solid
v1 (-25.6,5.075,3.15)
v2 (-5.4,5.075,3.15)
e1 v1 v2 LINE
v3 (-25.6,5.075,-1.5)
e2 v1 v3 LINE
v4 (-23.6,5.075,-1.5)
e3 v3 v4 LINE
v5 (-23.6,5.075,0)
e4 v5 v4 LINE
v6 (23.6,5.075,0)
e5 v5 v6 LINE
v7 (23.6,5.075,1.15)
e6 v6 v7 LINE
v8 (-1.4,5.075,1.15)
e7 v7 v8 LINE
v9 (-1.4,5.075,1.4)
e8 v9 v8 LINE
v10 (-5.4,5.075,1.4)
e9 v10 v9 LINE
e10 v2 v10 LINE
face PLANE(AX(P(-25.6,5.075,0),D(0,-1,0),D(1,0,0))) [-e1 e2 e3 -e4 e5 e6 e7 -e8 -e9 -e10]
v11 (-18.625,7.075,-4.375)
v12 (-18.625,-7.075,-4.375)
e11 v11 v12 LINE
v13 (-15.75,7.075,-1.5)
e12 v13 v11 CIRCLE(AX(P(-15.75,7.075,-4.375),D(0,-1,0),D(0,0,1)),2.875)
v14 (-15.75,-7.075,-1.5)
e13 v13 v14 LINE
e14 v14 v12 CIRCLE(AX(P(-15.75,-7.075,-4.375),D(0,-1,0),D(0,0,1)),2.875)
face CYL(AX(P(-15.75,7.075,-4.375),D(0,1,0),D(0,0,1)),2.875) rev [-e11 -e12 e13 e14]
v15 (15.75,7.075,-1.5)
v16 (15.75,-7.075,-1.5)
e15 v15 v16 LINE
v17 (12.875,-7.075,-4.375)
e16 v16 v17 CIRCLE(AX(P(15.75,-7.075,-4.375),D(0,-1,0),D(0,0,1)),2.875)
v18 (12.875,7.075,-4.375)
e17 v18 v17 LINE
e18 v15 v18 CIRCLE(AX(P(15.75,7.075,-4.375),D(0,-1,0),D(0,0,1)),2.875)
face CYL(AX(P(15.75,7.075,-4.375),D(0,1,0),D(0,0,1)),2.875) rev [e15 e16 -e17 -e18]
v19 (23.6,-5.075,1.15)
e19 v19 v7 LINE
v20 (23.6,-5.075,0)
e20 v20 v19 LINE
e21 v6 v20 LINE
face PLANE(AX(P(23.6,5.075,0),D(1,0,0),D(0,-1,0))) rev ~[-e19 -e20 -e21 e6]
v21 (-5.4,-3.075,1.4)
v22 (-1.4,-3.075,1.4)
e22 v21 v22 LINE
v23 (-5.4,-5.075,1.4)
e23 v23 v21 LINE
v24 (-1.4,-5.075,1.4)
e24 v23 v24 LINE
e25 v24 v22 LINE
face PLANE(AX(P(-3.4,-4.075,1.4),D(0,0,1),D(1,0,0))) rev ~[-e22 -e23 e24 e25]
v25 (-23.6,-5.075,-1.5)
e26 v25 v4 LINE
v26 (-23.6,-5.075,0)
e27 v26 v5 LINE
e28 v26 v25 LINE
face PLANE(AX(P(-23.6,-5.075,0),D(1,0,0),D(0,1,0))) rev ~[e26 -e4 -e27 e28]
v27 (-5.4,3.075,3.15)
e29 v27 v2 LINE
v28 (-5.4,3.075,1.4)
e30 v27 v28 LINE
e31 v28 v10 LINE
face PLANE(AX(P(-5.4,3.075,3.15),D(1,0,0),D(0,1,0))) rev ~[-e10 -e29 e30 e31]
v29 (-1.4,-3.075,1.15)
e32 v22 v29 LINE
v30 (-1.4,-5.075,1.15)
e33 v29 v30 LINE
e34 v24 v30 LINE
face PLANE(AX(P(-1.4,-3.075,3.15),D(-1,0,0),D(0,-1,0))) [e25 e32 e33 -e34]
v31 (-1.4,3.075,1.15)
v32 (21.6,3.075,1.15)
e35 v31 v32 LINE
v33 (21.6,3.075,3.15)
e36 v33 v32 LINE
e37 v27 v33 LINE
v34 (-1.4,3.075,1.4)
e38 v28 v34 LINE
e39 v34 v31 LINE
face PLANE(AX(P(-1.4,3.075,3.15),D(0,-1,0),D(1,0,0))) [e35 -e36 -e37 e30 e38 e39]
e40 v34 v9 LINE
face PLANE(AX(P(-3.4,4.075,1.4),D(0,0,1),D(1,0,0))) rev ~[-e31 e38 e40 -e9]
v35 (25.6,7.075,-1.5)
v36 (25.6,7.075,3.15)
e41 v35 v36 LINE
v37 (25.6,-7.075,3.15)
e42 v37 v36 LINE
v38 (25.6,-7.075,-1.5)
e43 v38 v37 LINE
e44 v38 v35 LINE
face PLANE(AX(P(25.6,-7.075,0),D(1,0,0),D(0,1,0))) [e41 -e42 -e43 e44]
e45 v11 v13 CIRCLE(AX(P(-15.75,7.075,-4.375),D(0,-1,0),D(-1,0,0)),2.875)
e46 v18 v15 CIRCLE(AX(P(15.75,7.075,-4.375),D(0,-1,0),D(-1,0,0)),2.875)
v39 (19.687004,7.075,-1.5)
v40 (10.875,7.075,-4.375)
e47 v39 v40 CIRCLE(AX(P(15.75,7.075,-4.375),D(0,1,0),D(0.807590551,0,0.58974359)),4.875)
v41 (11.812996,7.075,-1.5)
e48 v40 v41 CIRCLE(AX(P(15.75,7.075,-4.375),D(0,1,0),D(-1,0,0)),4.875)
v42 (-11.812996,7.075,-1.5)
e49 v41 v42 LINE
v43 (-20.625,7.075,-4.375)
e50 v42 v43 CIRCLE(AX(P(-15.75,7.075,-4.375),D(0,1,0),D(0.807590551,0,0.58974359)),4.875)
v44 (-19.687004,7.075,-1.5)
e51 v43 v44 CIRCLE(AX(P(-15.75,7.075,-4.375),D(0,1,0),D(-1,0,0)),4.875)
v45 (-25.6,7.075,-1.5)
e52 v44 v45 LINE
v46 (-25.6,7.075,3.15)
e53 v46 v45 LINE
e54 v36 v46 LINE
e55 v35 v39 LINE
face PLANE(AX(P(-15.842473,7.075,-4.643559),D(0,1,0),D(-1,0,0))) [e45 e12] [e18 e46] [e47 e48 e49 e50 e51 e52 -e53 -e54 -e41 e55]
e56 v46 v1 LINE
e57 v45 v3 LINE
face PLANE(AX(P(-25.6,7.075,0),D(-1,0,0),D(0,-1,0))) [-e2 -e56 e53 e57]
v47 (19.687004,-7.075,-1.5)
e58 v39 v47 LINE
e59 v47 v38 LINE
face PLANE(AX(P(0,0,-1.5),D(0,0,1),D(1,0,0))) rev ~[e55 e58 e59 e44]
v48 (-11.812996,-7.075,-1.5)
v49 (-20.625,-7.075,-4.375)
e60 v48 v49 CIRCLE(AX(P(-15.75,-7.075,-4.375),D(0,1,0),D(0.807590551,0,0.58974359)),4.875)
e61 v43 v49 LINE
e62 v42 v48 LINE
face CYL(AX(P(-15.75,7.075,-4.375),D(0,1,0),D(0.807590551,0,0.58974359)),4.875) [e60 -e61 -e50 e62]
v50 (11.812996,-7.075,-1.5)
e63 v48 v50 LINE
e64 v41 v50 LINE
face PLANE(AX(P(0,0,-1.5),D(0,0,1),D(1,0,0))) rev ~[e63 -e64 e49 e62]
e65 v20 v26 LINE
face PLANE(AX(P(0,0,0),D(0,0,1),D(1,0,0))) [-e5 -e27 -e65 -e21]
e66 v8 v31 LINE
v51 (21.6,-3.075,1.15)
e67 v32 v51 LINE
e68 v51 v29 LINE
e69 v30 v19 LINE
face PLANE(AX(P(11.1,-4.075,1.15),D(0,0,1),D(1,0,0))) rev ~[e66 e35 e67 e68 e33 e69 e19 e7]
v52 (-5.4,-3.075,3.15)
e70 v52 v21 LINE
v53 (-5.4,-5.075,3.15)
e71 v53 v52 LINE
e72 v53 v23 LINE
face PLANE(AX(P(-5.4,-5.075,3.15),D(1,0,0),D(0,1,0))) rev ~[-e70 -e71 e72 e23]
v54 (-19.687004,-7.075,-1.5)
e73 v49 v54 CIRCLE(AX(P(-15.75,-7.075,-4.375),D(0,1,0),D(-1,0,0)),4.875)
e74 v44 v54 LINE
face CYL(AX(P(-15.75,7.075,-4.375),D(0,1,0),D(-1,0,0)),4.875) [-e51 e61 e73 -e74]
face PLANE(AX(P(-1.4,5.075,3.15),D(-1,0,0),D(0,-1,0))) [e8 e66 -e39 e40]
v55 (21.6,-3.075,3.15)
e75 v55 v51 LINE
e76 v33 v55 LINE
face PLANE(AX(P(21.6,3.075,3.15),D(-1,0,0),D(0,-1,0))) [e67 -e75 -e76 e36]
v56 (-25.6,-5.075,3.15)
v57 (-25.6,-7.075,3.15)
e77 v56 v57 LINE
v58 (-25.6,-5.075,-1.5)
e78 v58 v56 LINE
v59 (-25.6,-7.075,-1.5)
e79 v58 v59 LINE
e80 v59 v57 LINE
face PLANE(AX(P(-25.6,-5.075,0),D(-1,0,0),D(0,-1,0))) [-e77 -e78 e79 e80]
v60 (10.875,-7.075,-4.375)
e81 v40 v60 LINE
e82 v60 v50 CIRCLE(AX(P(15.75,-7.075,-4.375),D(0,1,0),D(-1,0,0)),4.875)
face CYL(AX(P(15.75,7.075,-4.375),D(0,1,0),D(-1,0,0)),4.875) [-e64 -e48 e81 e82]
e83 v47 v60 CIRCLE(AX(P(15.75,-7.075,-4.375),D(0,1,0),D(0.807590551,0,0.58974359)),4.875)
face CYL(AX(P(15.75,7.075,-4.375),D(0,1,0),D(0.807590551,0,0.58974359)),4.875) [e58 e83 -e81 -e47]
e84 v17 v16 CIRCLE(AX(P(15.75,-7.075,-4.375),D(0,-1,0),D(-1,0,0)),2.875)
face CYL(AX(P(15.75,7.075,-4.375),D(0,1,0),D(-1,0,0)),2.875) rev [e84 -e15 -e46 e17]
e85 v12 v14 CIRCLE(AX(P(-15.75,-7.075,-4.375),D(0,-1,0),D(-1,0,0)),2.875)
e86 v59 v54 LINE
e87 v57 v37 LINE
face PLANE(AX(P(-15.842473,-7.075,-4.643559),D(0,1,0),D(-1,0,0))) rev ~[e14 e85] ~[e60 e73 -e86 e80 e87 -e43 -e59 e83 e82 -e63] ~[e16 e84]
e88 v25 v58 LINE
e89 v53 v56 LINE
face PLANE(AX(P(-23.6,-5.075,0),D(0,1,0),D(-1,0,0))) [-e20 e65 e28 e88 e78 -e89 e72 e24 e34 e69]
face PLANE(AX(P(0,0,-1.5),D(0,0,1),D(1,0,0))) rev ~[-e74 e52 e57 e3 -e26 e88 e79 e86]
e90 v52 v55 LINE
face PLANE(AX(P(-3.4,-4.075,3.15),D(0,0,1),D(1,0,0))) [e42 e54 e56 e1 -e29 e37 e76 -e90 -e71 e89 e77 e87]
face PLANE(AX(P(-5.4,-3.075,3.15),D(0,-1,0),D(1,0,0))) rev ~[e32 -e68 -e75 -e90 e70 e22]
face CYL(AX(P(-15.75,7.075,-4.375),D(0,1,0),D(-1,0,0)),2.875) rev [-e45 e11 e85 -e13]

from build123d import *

# Parameters (mm, degrees)
F1_DEPTH = 3.15
F0_W     = 47.2
F0_H     = 10.15
F3_DEPTH = 1.5
F4_DEPTH = 2
F2_W     = 4
F2_H     = 2
F5_DEPTH = 1.75
F7_DEPTH = 14.15


with BuildPart() as f1:
    # F0 (on Top) → F1 (new body)
    with BuildSketch(Plane.XY):
        Polygon((23.6, 5.075), (23.6, -5.075), (-23.6, -5.075), (-25.6, -5.075), (-25.6, -7.075), (25.6, -7.075), (25.6, 7.075), (-25.6, 7.075), (-25.6, 5.075), (-23.6, 5.075), align=None)
    extrude(amount=F1_DEPTH)

    # F0 (on Top) → F3 (join)
    with BuildSketch(Plane.XY):
        Rectangle(F0_W, F0_H)
        Polygon((23.6, 5.075), (23.6, -5.075), (-23.6, -5.075), (-25.6, -5.075), (-25.6, -7.075), (25.6, -7.075), (25.6, 7.075), (-25.6, 7.075), (-25.6, 5.075), (-23.6, 5.075), align=None)
    extrude(amount=-F3_DEPTH)

    # F2 (on face) → F4 (join)
    with BuildSketch(Plane.XY.offset(3.15)):
        Polygon((23.6, -5.075), (23.6, -3.075), (21.6, -3.075), (-1.4, -3.075), (-1.4, -5.075), align=None)
        Polygon((23.6, 5.075), (-1.4, 5.075), (-1.4, 3.075), (21.6, 3.075), (21.6, -3.075), (23.6, -3.075), align=None)
    extrude(amount=-F4_DEPTH)

    # F2 (on face) → F5 (join)
    with BuildSketch(Plane.XY.offset(3.15)):
        with Locations((-3.4, -4.075)):
            Rectangle(F2_W, F2_H)
        with Locations((-3.4, 4.075)):
            Rectangle(F2_W, F2_H)
    extrude(amount=-F5_DEPTH)

    # F6 (on face) → F7 (join)
    with BuildSketch(Plane(origin=(0, 7.075, 0), x_dir=(-1, 0, 0), z_dir=(0, 1, 0))):
        with BuildLine():
            Line((12.0083426132, -1.5), (11.812996063, -1.5))
            ThreePointArc((11.812996063, -1.5), (14.2379267863, -9.0095722129), (20.625, -4.375))
            ThreePointArc((20.625, -4.375), (20.3845722129, -2.8629267863), (19.687003937, -1.5))
            Line((19.687003937, -1.5), (19.4916573868, -1.5))
            Line((19.4916573868, -1.5), (18.25, -1.5))
            Line((18.25, -1.5), (15.75, -1.5))
            Line((15.75, -1.5), (12.0083426132, -1.5))
        make_face()
        with BuildLine():
            ThreePointArc((18.625, -4.375), (13.7170680041, -6.4079319959), (15.75, -1.5))
            ThreePointArc((15.75, -1.5), (17.7829319959, -2.3420680041), (18.625, -4.375))
        make_face(mode=Mode.SUBTRACT)
        with BuildLine():
            ThreePointArc((13.5994186832, 0), (12.615167699, -0.6415764445), (11.812996063, -1.5))
            Line((11.812996063, -1.5), (12.0083426132, -1.5))
            Line((12.0083426132, -1.5), (15.75, -1.5))
            Line((15.75, -1.5), (18.25, -1.5))
            Line((18.25, -1.5), (19.4916573868, -1.5))
            Line((19.4916573868, -1.5), (19.687003937, -1.5))
            ThreePointArc((19.687003937, -1.5), (18.884832301, -0.6415764445), (17.9005813168, 0))
            Line((17.9005813168, 0), (17.8115528128, 0))
            Line((17.8115528128, 0), (13.6884471872, 0))
            Line((13.6884471872, 0), (13.5994186832, 0))
        make_face()
        with BuildLine():
            Line((-19.4916573868, -1.5), (-18.25, -1.5))
            Line((-18.25, -1.5), (-15.75, -1.5))
            Line((-15.75, -1.5), (-12.0083426132, -1.5))
            Line((-12.0083426132, -1.5), (-11.812996063, -1.5))
            ThreePointArc((-11.812996063, -1.5), (-12.615167699, -0.6415764445), (-13.5994186832, 0))
            Line((-13.5994186832, 0), (-13.6884471872, 0))
            Line((-13.6884471872, 0), (-17.8115528128, 0))
            Line((-17.8115528128, 0), (-17.9005813168, 0))
            ThreePointArc((-17.9005813168, 0), (-18.884832301, -0.6415764445), (-19.687003937, -1.5))
            Line((-19.687003937, -1.5), (-19.4916573868, -1.5))
        make_face()
        with BuildLine():
            Line((-15.75, -1.5), (-18.25, -1.5))
            Line((-18.25, -1.5), (-19.4916573868, -1.5))
            Line((-19.4916573868, -1.5), (-19.687003937, -1.5))
            ThreePointArc((-19.687003937, -1.5), (-17.2620732137, -9.0095722129), (-10.875, -4.375))
            ThreePointArc((-10.875, -4.375), (-11.1154277871, -2.8629267863), (-11.812996063, -1.5))
            Line((-11.812996063, -1.5), (-12.0083426132, -1.5))
            Line((-12.0083426132, -1.5), (-15.75, -1.5))
        make_face()
        with BuildLine():
            ThreePointArc((-12.875, -4.375), (-17.7829319959, -6.4079319959), (-15.75, -1.5))
            ThreePointArc((-15.75, -1.5), (-13.7170680041, -2.3420680041), (-12.875, -4.375))
        make_face(mode=Mode.SUBTRACT)
    extrude(amount=-F7_DEPTH)


solid = f1.part
